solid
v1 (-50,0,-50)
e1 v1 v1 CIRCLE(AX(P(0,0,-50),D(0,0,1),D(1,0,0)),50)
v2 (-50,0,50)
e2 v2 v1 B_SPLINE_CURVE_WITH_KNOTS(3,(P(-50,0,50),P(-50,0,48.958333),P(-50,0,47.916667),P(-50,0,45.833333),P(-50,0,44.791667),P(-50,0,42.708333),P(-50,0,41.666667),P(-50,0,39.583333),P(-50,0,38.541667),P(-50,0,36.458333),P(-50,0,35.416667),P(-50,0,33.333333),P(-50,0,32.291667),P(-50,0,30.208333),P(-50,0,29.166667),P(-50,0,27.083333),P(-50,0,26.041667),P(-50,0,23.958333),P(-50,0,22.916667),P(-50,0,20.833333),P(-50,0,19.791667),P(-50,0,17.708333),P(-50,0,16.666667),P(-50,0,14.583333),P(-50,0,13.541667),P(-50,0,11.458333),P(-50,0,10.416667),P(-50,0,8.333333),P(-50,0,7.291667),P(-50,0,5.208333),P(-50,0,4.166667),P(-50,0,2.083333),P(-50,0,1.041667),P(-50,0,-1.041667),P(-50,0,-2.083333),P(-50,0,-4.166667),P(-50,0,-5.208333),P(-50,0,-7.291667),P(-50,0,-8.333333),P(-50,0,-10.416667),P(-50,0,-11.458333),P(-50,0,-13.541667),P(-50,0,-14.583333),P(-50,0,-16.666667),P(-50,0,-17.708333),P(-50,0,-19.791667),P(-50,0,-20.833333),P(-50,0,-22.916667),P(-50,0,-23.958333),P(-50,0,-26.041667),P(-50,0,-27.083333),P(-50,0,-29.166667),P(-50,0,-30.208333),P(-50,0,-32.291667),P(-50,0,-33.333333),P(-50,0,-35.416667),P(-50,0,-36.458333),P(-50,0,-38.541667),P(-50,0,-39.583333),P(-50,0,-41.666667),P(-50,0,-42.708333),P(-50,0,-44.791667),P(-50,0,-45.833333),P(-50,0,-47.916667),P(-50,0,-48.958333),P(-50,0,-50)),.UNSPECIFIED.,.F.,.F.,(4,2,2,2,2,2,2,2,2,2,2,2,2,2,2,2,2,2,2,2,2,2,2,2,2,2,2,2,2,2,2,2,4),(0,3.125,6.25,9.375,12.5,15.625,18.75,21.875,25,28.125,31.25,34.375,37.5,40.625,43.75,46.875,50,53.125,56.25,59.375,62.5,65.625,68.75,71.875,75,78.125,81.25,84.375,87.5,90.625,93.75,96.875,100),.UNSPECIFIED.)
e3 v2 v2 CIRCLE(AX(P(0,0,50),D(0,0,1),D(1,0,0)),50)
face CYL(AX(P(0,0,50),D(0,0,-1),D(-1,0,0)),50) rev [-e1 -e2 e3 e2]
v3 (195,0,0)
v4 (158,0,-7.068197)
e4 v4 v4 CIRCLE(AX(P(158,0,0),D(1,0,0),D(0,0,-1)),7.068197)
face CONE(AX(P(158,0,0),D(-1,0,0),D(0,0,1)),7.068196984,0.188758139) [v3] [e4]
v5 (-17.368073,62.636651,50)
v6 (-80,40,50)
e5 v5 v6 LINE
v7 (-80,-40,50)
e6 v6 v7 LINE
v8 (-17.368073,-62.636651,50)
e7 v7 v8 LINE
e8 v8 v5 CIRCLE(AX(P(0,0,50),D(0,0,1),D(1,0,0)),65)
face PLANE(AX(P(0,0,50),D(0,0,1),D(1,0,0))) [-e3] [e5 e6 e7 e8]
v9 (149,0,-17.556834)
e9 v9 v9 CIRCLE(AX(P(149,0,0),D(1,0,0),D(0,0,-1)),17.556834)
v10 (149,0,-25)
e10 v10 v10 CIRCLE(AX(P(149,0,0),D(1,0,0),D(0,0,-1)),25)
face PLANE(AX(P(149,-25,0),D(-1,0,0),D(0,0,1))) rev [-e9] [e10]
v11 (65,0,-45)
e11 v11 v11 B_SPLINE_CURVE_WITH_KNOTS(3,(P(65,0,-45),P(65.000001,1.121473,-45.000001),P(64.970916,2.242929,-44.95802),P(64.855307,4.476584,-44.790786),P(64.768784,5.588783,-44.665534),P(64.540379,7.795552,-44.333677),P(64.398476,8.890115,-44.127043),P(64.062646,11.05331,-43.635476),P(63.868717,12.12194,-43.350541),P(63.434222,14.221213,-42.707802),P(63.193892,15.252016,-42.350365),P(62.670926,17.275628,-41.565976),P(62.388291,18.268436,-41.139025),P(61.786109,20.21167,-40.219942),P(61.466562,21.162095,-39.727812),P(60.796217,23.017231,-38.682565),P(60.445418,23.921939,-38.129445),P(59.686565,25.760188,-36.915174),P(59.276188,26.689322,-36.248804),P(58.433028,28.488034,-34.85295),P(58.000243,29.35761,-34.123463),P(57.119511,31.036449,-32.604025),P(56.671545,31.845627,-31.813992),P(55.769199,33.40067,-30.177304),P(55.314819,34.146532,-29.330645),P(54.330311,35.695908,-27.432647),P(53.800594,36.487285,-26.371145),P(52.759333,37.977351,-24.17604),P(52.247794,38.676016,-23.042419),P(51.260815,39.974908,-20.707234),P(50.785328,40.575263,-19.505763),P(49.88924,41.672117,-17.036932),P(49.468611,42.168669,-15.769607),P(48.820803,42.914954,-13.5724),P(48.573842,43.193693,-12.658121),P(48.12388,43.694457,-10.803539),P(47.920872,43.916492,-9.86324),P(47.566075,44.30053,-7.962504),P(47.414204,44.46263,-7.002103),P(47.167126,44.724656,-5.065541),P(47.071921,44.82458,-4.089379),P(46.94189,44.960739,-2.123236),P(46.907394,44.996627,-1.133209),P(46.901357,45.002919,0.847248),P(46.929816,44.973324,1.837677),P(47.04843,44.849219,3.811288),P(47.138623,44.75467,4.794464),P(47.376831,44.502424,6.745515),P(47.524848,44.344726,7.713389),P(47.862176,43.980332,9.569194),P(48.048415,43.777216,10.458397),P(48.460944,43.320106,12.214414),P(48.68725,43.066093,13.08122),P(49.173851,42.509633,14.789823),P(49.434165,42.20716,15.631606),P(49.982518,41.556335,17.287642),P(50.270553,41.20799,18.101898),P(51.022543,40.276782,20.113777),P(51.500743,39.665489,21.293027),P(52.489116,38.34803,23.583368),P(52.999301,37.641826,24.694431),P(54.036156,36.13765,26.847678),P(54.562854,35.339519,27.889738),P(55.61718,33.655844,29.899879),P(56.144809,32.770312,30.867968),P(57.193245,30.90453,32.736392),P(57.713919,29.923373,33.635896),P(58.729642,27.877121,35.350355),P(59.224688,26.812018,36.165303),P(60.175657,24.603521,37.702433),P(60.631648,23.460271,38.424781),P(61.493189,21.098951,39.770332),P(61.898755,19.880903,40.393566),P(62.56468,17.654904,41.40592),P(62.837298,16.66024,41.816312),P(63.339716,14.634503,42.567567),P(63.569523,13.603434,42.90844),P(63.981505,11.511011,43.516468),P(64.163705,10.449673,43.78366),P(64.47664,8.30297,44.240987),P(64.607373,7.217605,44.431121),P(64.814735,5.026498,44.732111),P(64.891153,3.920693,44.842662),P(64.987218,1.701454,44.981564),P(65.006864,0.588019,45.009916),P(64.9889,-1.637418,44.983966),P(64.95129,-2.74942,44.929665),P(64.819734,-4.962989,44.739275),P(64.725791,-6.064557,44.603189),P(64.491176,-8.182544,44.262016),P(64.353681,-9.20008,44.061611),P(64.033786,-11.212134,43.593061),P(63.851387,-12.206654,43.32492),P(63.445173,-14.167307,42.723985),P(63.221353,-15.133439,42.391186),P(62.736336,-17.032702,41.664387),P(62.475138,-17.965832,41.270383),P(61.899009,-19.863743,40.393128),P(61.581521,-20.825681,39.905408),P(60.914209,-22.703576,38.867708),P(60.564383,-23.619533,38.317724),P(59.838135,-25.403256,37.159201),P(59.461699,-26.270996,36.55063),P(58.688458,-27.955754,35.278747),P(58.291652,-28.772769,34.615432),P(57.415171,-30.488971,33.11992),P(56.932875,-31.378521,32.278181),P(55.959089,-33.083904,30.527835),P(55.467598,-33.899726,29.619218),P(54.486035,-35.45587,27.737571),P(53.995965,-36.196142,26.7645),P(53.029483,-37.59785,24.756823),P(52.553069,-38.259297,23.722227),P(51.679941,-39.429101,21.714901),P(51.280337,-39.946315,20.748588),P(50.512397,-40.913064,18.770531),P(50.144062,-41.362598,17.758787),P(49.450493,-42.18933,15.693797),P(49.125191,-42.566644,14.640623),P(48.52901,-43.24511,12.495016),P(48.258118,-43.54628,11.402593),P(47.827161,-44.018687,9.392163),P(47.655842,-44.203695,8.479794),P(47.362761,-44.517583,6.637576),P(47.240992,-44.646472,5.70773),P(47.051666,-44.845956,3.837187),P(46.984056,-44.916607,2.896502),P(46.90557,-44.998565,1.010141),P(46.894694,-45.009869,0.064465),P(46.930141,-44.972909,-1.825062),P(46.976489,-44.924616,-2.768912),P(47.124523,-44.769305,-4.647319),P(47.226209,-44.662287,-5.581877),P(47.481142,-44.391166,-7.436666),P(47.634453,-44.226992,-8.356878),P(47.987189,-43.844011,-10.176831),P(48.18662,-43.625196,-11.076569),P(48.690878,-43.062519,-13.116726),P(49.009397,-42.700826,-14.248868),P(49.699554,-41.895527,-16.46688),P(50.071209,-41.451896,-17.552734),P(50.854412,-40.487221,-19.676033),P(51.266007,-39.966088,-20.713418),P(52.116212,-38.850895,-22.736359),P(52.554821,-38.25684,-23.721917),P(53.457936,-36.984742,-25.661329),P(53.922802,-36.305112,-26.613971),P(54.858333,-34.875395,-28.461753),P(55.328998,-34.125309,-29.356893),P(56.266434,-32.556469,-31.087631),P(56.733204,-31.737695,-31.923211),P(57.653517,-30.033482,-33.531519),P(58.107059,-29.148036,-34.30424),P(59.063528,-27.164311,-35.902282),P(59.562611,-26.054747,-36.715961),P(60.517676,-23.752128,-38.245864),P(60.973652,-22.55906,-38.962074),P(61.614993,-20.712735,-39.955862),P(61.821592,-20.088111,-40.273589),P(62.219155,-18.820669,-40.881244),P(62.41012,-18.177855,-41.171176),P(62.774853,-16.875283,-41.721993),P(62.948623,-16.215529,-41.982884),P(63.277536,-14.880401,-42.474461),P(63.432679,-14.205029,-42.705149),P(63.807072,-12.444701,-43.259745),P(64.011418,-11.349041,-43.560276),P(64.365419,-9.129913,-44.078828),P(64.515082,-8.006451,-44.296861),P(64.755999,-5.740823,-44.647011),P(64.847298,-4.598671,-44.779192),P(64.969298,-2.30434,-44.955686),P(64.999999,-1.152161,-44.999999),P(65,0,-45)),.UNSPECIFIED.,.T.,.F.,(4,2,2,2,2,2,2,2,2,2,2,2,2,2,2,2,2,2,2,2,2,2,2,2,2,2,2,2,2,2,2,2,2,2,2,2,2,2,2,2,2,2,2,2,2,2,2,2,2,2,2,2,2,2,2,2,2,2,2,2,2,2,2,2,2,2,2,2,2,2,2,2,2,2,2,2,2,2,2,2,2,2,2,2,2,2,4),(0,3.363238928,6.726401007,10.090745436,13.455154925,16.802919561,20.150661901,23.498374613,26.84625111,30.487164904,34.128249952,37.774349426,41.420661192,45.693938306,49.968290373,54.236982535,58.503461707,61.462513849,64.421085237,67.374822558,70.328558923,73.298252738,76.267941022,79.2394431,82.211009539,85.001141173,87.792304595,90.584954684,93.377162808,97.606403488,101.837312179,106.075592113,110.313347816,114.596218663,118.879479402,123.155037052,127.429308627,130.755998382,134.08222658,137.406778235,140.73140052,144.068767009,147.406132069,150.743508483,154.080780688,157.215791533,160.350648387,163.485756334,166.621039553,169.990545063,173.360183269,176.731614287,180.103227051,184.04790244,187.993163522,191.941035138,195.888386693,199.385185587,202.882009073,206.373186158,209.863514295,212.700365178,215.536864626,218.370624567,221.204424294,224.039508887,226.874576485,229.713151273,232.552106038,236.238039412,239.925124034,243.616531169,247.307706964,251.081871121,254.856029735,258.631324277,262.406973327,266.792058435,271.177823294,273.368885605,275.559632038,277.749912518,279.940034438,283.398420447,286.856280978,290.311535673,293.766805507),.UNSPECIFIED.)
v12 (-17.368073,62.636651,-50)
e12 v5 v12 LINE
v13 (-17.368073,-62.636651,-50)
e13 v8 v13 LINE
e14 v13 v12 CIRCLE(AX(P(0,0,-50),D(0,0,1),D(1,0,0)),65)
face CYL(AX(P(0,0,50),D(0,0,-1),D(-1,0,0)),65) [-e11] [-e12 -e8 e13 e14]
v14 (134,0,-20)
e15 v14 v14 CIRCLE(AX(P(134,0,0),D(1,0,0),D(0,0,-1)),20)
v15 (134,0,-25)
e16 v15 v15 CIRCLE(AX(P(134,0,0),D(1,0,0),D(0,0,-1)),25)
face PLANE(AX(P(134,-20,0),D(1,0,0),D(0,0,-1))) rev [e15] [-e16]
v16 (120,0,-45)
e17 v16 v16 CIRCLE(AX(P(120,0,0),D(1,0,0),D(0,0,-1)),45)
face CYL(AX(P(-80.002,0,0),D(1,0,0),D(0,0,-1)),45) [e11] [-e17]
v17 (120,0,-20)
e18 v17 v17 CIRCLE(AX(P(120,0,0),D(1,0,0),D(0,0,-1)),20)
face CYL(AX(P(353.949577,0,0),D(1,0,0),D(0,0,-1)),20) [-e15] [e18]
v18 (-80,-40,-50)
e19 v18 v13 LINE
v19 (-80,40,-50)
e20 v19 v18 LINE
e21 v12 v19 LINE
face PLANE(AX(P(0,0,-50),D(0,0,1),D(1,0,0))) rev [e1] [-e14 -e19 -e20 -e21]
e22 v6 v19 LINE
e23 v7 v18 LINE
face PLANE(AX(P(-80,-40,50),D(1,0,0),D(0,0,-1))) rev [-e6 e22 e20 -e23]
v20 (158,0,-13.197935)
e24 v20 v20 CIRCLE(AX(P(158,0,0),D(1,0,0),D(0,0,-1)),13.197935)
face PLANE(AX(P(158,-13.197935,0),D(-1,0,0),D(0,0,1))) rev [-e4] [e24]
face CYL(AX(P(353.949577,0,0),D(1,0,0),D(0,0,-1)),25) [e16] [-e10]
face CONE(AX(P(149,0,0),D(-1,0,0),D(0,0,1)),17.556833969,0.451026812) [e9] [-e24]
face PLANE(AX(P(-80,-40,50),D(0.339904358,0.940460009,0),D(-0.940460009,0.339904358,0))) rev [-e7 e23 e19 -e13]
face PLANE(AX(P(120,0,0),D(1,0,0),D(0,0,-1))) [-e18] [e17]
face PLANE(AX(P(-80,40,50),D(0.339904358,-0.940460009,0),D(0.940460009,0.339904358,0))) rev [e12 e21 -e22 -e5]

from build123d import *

# Parameters (mm, degrees)
SKETCH1_R                = 50
BOSS_EXTRUDE1_DEPTH      = 50
BOSS_EXTRUDE2_REACH      = 218.16
BOSS_EXTRUDE2_END_RADIUS = 65
SKETCH2_R                = 45


with BuildPart() as part:
    # Sketch1 → Boss-Extrude1 (new, symmetric)
    with BuildSketch(Plane.XY):
        with BuildLine():
            Line((-80, -40), (-80, 40))
            Line((-80, 40), (-17.368072784, 62.636650994))
            ThreePointArc((-17.368072784, 62.636650994), (65, 0), (-17.368072784, -62.636650994))
            Line((-17.368072784, -62.636650994), (-80, -40))
        make_face()
        with Locations(Location((0, 0, 0), (0, 0, 180))):
            Circle(SKETCH1_R, mode=Mode.SUBTRACT)
    extrude(amount=BOSS_EXTRUDE1_DEPTH, both=True)

    # Boss-Extrude2: up to this cylinder (the profile starts outside it)
    boss_extrude2_end = Plane(origin=(0, 0, 0), z_dir=(0, 0, -1)) * Cylinder(BOSS_EXTRUDE2_END_RADIUS, 567.32, mode=Mode.PRIVATE)
    # Sketch2 → Boss-Extrude2 (add, up to the surface)
    with BuildSketch(Plane(origin=(120, 0, 0), x_dir=(0, 0, -1), z_dir=(1, 0, 0)), mode=Mode.PRIVATE) as boss_extrude2_sk1:
        Circle(SKETCH2_R)
    boss_extrude2_tool1 = extrude(boss_extrude2_sk1.sketch, amount=-BOSS_EXTRUDE2_REACH, mode=Mode.PRIVATE) - boss_extrude2_end
    add(boss_extrude2_tool1.solids().sort_by_distance((120, 0, 0))[0])

    # Sketch3 → Revolve1 (revolve)
    with BuildSketch(Plane.XY, mode=Mode.PRIVATE) as revolve1_sk:
        Polygon((120, 0), (120, -20), (134, -20), (134, -25), (149, -25), (149, -17.556833969), (158, -13.197935025), (158, -7.068196984), (195, 0), align=None)
    revolve(revolve1_sk.sketch.rotate(Axis((353.949576891, 0, 0), (-1, 0, 0)), 270), axis=Axis((353.949576891, 0, 0), (-1, 0, 0)))


solid = part.part
